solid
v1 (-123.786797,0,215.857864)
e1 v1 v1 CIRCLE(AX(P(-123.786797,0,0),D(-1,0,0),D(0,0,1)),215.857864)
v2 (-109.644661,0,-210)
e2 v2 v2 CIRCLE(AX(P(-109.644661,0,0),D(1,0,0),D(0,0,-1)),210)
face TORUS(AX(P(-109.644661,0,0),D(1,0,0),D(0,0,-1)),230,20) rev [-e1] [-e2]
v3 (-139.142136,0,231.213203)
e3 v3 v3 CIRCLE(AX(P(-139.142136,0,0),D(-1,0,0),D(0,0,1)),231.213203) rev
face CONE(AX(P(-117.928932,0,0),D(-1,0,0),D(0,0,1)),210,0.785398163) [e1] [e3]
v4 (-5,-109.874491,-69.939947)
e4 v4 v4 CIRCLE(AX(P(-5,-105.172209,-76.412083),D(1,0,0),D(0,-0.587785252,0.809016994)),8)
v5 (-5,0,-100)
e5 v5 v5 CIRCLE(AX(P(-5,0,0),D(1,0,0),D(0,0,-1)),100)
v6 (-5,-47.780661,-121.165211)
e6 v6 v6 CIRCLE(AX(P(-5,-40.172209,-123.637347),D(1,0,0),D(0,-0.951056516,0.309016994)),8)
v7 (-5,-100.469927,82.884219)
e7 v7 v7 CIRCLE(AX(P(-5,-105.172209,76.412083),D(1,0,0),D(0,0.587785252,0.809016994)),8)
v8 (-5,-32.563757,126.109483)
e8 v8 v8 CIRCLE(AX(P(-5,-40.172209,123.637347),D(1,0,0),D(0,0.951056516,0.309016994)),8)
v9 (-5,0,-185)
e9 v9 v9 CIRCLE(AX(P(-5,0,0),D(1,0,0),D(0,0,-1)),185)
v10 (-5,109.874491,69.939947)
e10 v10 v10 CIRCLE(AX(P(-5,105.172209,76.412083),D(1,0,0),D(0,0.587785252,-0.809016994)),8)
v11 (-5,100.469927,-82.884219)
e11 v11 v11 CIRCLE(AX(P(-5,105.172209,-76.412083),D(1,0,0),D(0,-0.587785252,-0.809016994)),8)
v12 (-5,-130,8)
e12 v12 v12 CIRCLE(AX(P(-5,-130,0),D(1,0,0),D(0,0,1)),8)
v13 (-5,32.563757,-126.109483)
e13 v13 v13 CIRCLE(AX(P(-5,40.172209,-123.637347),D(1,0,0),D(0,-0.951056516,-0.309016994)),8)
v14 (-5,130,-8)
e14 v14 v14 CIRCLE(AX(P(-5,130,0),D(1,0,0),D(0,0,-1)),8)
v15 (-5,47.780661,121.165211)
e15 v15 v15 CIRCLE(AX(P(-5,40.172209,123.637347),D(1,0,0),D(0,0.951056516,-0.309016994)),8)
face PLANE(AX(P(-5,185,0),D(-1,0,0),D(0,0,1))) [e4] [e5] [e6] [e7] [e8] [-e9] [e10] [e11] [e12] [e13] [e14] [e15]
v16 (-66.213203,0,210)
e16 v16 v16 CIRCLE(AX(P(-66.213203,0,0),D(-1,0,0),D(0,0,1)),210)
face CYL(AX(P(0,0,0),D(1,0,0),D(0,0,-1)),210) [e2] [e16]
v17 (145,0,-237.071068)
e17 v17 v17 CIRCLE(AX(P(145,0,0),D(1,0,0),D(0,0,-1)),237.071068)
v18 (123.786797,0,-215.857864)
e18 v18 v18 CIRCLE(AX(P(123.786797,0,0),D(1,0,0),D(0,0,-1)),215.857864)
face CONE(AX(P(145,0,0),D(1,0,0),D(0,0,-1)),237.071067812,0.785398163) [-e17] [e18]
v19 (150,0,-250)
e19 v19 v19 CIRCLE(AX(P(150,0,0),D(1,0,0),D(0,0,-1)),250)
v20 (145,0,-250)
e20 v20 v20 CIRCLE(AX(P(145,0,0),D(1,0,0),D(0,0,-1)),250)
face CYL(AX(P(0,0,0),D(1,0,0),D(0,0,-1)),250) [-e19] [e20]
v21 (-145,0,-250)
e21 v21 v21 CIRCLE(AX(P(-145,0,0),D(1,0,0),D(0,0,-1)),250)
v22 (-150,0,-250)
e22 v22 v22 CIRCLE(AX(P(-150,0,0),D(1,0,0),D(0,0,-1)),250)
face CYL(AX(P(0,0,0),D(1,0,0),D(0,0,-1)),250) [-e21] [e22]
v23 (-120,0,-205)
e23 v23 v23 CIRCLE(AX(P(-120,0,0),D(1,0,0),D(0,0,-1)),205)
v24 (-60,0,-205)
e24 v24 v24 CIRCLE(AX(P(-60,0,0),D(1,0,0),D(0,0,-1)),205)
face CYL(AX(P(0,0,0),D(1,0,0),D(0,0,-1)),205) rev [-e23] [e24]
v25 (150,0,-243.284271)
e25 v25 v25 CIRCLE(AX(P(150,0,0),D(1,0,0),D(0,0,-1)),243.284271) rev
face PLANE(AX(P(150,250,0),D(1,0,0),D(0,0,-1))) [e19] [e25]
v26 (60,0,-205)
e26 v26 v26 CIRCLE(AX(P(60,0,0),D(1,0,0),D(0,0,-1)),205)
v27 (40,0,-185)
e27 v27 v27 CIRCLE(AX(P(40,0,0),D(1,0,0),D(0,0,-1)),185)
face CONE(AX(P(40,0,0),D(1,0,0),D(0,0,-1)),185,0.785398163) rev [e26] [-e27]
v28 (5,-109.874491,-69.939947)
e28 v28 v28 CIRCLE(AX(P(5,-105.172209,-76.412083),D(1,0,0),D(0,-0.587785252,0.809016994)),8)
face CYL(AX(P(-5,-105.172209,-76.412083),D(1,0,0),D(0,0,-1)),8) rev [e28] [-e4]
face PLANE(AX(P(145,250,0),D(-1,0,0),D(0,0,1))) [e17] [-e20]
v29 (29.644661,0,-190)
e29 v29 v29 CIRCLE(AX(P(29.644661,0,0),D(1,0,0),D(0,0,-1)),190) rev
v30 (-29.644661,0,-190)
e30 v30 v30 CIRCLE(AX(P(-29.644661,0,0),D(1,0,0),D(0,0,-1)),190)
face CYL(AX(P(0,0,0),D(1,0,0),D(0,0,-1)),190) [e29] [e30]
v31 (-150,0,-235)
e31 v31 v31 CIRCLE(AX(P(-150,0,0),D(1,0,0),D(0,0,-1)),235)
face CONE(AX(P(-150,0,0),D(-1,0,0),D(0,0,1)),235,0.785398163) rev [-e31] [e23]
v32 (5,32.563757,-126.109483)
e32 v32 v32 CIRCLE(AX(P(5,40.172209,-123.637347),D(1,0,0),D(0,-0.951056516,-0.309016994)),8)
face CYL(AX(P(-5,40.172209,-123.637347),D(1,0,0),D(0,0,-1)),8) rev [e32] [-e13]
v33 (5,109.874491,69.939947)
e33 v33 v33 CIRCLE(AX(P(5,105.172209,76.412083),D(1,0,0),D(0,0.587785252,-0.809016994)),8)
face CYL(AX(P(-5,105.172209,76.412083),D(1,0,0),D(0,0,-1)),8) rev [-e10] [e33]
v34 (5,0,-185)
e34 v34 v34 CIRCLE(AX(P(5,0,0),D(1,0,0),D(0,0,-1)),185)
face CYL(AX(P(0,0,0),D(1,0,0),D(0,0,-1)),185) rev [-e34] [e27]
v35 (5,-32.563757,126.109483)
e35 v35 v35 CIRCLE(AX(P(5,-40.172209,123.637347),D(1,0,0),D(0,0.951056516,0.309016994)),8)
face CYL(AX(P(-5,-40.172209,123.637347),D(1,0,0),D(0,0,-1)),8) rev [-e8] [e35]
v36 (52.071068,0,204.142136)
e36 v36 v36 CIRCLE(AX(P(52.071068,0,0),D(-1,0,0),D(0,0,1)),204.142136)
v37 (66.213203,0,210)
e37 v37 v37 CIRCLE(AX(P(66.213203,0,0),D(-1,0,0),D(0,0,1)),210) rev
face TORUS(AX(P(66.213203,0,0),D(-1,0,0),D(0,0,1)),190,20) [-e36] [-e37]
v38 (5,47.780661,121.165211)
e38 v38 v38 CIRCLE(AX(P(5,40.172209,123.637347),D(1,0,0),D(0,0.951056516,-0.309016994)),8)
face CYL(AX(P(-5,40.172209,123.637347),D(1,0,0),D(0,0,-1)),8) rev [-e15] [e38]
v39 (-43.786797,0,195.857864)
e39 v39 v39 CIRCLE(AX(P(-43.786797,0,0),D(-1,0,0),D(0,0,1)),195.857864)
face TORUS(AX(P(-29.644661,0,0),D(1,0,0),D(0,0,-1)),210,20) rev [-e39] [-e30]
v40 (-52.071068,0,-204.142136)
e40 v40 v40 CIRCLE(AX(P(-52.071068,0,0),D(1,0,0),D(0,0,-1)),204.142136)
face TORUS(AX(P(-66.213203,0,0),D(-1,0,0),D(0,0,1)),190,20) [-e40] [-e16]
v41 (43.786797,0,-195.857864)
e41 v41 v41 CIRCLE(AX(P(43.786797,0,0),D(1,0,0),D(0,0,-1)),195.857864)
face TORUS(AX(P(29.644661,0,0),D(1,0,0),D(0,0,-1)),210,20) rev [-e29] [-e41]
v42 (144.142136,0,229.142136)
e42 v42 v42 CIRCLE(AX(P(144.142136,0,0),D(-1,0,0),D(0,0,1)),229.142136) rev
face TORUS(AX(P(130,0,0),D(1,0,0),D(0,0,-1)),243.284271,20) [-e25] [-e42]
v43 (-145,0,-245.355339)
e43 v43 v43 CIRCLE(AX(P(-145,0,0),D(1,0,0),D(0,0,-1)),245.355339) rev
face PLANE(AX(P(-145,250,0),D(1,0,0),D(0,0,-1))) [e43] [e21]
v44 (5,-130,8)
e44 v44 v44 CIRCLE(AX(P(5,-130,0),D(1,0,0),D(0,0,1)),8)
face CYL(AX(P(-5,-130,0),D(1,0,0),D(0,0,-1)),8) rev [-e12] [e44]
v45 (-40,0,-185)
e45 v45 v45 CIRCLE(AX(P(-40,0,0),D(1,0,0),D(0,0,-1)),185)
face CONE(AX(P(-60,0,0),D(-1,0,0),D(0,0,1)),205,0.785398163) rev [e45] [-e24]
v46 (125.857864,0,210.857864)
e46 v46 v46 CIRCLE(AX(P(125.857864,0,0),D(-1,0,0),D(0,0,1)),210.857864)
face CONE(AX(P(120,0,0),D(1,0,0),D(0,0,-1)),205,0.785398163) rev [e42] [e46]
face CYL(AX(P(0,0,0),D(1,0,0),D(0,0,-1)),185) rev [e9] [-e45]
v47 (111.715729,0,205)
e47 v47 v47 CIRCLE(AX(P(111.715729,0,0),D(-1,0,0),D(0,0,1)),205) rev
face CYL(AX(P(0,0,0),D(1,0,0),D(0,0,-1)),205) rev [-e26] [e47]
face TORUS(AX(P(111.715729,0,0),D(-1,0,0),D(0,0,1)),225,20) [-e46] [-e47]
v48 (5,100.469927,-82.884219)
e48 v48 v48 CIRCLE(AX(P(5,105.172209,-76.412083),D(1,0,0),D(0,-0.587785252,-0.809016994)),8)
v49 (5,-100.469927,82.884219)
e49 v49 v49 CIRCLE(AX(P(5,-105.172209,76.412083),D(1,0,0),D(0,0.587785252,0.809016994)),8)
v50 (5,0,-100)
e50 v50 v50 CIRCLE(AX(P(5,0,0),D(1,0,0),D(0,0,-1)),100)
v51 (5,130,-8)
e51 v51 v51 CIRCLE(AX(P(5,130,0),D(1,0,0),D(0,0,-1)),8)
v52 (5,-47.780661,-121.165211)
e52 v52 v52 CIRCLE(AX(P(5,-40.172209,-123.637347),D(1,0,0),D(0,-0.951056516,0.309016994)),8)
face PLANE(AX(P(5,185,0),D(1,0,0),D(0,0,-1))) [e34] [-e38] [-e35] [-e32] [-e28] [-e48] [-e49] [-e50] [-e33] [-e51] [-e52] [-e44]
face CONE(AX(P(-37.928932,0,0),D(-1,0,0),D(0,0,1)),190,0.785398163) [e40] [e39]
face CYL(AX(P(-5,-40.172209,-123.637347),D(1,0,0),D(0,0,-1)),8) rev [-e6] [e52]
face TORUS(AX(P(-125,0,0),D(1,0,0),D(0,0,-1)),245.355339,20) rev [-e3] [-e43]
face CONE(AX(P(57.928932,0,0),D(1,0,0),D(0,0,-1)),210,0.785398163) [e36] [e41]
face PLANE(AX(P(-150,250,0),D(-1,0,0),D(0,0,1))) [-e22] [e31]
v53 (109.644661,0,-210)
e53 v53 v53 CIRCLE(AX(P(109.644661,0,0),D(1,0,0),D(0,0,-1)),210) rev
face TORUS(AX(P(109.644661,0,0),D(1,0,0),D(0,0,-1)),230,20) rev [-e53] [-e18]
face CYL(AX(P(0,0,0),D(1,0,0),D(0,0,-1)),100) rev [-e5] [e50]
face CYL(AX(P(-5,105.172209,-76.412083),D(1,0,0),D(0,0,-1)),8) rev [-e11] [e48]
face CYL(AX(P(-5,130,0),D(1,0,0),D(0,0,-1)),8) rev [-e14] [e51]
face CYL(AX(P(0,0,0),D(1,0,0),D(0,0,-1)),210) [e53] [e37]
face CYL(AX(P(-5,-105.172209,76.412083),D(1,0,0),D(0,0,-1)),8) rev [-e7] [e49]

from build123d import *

# Parameters (mm, degrees)
FILLET1_R          = 20
SKETCH2_R          = 8
CUT_EXTRUDE1_DEPTH = 10
CIRPATTERN1_COUNT  = 10


with BuildPart() as part:
    # Sketch1 → Revolve1 (revolve)
    with BuildSketch(Plane.XY, mode=Mode.PRIVATE) as revolve1_sk:
        Polygon((-150, 250), (-150, 235), (-120, 205), (-60, 205), (-40, 185), (-5, 185), (-5, 100), (5, 100), (5, 185), (40, 185), (60, 205), (120, 205), (150, 235), (150, 250), (145, 250), (145, 237.071067812), (117.928932188, 210), (57.928932188, 210), (37.928932188, 190), (-37.928932188, 190), (-57.928932188, 210), (-117.928932188, 210), (-145, 237.071067812), (-145, 250), align=None)
    revolve(revolve1_sk.sketch.rotate(Axis((0, 0, 0), (-1, 0, 0)), 90), axis=Axis((0, 0, 0), (-1, 0, 0)))

    # Fillet1
    fillet1_edges = [part.edges().sort_by_distance(p)[0] for p in [
        (120, 0, 205),
        (150, 0, 235),
        (117.928932188, 0, 210),
        (57.928932188, 0, 210),
        (37.928932188, 0, 190),
        (-37.928932188, 0, 190),
        (-57.928932188, 0, 210),
        (-117.928932188, 0, 210),
        (-145, 0, 237.071067812),
    ]]
    fillet(fillet1_edges, radius=FILLET1_R)

    # Sketch2 → Cut-Extrude1 (cut)
    with BuildSketch(Plane(origin=(5, 0, 0), x_dir=(0, 0, -1), z_dir=(1, 0, 0))):
        with Locations((0, 130)):
            Circle(SKETCH2_R)
    cut_extrude1 = extrude(amount=-CUT_EXTRUDE1_DEPTH, mode=Mode.SUBTRACT)

    # CirPattern1: Cut-Extrude1 ×10 about axis
    cirpattern1_axis = Axis((0, 0, 0), (1, 0, 0))
    for i in range(1, CIRPATTERN1_COUNT):
        add(cut_extrude1.rotate(cirpattern1_axis, i * 360 / CIRPATTERN1_COUNT), mode=Mode.SUBTRACT)


solid = part.part
